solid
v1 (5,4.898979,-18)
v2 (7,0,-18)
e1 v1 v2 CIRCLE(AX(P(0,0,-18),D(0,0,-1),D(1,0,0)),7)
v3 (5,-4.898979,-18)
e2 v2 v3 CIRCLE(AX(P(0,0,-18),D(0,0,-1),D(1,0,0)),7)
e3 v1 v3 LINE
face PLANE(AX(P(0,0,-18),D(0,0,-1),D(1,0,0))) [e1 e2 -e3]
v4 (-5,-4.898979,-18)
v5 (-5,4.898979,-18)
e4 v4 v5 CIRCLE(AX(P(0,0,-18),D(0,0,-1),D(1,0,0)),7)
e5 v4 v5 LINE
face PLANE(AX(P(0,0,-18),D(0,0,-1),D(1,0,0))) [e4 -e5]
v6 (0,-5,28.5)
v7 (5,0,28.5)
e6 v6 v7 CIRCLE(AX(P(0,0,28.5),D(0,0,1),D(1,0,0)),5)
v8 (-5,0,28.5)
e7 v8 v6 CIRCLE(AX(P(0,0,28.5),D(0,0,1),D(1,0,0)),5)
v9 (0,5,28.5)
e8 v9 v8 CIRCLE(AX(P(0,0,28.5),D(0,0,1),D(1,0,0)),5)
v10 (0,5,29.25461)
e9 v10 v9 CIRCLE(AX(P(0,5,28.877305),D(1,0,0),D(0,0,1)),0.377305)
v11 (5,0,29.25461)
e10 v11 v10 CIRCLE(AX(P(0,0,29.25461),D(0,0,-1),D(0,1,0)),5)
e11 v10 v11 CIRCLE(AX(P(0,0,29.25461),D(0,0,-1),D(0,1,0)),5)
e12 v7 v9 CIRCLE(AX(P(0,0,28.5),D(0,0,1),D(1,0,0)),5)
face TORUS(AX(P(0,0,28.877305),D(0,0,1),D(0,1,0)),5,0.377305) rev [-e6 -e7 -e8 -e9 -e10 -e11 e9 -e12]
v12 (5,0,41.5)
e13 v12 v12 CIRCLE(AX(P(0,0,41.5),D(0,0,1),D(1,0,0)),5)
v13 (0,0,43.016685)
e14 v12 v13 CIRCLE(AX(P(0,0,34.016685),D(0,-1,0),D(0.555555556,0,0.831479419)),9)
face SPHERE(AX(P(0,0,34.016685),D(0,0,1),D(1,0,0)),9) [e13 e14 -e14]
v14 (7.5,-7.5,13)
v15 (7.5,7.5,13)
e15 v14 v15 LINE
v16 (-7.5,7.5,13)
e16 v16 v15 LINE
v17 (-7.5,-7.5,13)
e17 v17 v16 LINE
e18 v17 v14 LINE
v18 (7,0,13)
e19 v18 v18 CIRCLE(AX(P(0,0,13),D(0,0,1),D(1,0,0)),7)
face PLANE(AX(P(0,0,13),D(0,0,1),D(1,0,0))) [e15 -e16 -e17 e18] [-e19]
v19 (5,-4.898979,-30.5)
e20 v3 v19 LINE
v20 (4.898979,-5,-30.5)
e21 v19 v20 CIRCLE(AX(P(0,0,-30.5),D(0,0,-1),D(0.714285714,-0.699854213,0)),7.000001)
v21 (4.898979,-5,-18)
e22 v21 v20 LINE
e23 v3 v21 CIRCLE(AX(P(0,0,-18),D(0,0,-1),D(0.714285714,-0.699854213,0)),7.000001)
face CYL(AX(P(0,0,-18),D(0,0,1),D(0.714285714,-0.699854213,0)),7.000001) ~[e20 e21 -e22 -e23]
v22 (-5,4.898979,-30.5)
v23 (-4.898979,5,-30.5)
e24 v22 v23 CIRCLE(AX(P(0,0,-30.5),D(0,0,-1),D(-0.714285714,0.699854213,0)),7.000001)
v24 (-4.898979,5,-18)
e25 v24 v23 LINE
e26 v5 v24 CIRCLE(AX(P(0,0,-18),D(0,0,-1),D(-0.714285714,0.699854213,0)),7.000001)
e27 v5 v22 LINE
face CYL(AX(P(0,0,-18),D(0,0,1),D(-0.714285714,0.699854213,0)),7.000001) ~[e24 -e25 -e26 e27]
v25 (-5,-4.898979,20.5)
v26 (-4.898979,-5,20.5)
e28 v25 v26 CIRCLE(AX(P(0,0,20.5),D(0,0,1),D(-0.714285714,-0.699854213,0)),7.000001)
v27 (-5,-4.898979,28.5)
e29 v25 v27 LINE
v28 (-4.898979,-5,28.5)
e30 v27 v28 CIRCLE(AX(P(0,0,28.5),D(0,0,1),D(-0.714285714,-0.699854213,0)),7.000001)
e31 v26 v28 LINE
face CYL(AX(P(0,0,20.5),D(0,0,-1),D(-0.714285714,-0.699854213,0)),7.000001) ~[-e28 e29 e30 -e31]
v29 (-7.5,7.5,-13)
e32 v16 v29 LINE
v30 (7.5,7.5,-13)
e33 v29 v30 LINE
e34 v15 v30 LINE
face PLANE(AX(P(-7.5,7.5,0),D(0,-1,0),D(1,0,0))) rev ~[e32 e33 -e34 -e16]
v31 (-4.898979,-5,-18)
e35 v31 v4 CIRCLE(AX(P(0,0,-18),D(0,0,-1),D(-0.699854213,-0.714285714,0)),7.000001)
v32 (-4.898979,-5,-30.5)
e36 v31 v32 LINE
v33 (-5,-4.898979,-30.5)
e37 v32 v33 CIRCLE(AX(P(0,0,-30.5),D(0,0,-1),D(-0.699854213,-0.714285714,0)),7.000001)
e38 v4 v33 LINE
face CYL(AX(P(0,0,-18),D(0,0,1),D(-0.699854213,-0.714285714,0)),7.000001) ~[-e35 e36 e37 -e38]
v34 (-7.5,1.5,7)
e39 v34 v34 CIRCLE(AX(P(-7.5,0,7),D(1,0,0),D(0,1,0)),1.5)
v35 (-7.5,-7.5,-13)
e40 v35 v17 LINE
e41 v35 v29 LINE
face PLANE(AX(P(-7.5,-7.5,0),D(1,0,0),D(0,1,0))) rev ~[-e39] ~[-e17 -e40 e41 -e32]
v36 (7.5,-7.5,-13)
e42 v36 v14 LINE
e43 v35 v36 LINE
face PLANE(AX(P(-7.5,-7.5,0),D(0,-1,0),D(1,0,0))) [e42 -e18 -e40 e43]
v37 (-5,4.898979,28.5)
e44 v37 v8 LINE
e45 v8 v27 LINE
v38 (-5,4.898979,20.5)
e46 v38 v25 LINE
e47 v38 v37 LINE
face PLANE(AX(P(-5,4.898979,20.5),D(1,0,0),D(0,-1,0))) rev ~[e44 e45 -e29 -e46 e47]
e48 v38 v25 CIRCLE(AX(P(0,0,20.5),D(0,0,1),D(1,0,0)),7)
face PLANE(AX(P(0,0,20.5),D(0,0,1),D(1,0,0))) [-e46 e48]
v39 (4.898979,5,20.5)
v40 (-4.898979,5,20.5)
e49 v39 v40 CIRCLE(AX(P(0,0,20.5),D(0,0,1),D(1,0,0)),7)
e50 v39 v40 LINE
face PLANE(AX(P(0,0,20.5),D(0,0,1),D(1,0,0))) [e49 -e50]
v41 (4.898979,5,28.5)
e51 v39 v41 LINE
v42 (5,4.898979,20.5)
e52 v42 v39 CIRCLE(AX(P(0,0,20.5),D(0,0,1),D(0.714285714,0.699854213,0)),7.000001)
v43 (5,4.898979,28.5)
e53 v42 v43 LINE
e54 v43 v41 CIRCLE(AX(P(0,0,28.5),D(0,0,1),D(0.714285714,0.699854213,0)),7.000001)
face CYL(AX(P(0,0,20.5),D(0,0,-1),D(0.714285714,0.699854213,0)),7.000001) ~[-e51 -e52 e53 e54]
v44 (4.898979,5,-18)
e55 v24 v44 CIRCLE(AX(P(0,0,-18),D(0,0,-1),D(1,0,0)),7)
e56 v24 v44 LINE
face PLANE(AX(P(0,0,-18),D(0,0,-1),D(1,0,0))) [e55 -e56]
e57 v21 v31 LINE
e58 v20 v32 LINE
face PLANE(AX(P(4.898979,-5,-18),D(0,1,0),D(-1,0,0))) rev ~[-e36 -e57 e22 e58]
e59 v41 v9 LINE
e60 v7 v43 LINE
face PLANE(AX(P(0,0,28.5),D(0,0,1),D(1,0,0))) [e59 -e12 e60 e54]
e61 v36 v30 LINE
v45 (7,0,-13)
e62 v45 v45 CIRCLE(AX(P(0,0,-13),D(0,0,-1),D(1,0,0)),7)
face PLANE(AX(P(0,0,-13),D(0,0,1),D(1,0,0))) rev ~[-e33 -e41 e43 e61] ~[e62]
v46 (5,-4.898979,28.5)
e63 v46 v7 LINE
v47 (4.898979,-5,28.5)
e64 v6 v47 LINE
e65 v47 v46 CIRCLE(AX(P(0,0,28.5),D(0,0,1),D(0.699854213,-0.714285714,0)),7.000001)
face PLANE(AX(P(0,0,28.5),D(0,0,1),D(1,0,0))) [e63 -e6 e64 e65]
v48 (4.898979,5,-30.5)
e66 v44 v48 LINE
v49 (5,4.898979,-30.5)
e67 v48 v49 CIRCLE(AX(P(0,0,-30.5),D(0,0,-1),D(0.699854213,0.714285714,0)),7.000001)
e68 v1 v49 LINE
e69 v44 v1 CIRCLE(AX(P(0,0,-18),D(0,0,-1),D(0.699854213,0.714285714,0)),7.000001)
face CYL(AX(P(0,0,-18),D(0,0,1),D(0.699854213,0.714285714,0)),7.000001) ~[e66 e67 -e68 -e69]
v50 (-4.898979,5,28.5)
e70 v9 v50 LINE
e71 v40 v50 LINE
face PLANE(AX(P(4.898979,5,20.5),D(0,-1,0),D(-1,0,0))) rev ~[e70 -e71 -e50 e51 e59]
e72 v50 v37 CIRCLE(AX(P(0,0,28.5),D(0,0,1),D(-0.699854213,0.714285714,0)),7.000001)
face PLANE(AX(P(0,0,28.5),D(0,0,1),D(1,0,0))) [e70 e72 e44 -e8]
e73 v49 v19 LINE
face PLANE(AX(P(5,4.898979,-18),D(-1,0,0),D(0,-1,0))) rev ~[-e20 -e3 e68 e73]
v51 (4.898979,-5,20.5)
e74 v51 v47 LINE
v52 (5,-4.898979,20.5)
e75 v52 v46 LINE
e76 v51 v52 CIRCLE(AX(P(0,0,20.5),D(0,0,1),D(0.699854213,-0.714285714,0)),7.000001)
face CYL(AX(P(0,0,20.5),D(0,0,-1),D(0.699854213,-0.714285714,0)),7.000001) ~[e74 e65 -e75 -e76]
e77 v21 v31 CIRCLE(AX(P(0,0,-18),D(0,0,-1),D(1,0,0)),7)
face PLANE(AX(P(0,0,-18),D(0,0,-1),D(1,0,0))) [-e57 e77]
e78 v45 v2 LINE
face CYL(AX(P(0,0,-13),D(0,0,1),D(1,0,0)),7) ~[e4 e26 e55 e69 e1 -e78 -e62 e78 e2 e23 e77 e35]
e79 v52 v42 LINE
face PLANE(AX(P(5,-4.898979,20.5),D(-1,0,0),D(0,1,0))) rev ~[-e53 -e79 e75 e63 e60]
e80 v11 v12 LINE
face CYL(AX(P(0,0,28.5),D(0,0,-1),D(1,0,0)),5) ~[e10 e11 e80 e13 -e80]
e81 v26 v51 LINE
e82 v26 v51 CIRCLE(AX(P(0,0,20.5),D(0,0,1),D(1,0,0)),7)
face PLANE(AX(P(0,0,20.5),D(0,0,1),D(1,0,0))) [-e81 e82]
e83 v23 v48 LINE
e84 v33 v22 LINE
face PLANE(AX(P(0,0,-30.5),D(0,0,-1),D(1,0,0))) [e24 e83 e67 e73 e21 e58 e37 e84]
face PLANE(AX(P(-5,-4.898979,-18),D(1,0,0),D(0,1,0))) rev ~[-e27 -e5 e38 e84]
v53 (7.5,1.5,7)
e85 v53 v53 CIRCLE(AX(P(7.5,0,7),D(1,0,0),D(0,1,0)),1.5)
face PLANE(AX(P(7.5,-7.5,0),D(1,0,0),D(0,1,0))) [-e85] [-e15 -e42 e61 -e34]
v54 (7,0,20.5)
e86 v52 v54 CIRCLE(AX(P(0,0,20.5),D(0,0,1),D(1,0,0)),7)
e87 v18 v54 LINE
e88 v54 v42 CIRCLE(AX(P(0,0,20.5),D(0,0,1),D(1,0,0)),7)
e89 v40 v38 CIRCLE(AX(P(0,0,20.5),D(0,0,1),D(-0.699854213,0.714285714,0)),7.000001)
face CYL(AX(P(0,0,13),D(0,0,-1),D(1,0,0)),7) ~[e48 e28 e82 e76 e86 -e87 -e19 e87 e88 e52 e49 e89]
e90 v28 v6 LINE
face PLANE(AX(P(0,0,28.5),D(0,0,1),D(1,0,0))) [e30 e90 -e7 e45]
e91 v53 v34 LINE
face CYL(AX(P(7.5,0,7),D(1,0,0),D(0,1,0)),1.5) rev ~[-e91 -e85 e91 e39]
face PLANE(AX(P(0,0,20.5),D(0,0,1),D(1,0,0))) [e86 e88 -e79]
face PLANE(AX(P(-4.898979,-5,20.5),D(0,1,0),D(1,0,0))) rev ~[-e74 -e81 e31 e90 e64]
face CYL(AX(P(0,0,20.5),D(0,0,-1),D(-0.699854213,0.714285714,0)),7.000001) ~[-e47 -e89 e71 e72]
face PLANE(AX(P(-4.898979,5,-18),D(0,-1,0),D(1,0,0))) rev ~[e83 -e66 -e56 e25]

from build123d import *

# Parameters (mm, degrees)
F0_W      = 15
F0_H      = 15
F1_DEPTH  = 13
F2_R      = 7
F3_DEPTH  = 5
F5_DEPTH  = 12.5
F6_R      = 7
F7_DEPTH  = 7.5
F9_DEPTH  = 8
F10_R     = 5
F11_DEPTH = 13
F16_R     = 1.5
F17_DEPTH = 25


with BuildPart() as f1:
    # F0 (on Top) → F1 (new body, symmetric)
    with BuildSketch(Plane.XY):
        Rectangle(F0_W, F0_H)
    extrude(amount=F1_DEPTH, both=True)

    # F2 (on face) → F3 (join)
    with BuildSketch(Plane(origin=(0, 0, -13), x_dir=(1, 0, 0), z_dir=(0, 0, -1))):
        Circle(F2_R)
    extrude(amount=F3_DEPTH)

    # F4 (on face) → F5 (join)
    with BuildSketch(Plane(origin=(0, 0, -18), x_dir=(1, 0, 0), z_dir=(0, 0, -1))):
        with BuildLine():
            Line((-4.8989794856, -5), (4.8989794856, -5))
            ThreePointArc((4.8989794856, -5), (4.9497474683, -4.9497474683), (5, -4.8989794856))
            Line((5, -4.8989794856), (5, 4.8989794856))
            ThreePointArc((5, 4.8989794856), (4.9497474683, 4.9497474683), (4.8989794856, 5))
            Line((4.8989794856, 5), (-4.8989794856, 5))
            ThreePointArc((-4.8989794856, 5), (-4.9497474683, 4.9497474683), (-5, 4.8989794856))
            Line((-5, 4.8989794856), (-5, -4.8989794856))
            ThreePointArc((-5, -4.8989794856), (-4.9497474683, -4.9497474683), (-4.8989794856, -5))
        make_face()
    extrude(amount=F5_DEPTH)

    # F6 (on face) → F7 (join)
    with BuildSketch(Plane.XY.offset(13)):
        Circle(F6_R)
    extrude(amount=F7_DEPTH)

    # F8 (on face) → F9 (join)
    with BuildSketch(Plane.XY.offset(20.5)):
        with BuildLine():
            Line((-4.8989794856, -5), (4.8989794856, -5))
            ThreePointArc((4.8989794856, -5), (4.9497474683, -4.9497474683), (5, -4.8989794856))
            Line((5, -4.8989794856), (5, 4.8989794856))
            ThreePointArc((5, 4.8989794856), (4.9497474683, 4.9497474683), (4.8989794856, 5))
            Line((4.8989794856, 5), (-4.8989794856, 5))
            ThreePointArc((-4.8989794856, 5), (-4.9497474683, 4.9497474683), (-5, 4.8989794856))
            Line((-5, 4.8989794856), (-5, -4.8989794856))
            ThreePointArc((-5, -4.8989794856), (-4.9497474683, -4.9497474683), (-4.8989794856, -5))
        make_face()
    extrude(amount=F9_DEPTH)

    # F10 (on face) → F11 (join)
    with BuildSketch(Plane.XY.offset(28.5)):
        Circle(F10_R)
    extrude(amount=F11_DEPTH)

    # F12 (on Right) → F13 (revolve, cut)
    with BuildSketch(Plane.YZ):
        with BuildLine():
            Line((5, 28.5), (5, 29.2546096917))
            ThreePointArc((5, 29.2546096917), (4.6226951542, 28.8773048458), (5, 28.5))
        make_face()
    revolve(axis=Axis((0, 0, 28.5), (0, 0, -1)), mode=Mode.SUBTRACT)

    # F14 (on Front) → F15 (revolve)
    with BuildSketch(Plane.XZ):
        with BuildLine():
            Line((0, 41.5), (5, 41.5))
            ThreePointArc((5, 41.5), (2.6124860802, 42.6291713066), (0, 43.0166852265))
            Line((0, 43.0166852265), (0, 41.5))
        make_face()
    revolve(axis=Axis((0, 0, 41.5), (0, 0, 1)))

    # F16 (on face) → F17 (cut)
    with BuildSketch(Plane.YZ.offset(7.5)):
        with Locations((0, 7)):
            Circle(F16_R)
    extrude(amount=-F17_DEPTH, mode=Mode.SUBTRACT)


solid = f1.part
